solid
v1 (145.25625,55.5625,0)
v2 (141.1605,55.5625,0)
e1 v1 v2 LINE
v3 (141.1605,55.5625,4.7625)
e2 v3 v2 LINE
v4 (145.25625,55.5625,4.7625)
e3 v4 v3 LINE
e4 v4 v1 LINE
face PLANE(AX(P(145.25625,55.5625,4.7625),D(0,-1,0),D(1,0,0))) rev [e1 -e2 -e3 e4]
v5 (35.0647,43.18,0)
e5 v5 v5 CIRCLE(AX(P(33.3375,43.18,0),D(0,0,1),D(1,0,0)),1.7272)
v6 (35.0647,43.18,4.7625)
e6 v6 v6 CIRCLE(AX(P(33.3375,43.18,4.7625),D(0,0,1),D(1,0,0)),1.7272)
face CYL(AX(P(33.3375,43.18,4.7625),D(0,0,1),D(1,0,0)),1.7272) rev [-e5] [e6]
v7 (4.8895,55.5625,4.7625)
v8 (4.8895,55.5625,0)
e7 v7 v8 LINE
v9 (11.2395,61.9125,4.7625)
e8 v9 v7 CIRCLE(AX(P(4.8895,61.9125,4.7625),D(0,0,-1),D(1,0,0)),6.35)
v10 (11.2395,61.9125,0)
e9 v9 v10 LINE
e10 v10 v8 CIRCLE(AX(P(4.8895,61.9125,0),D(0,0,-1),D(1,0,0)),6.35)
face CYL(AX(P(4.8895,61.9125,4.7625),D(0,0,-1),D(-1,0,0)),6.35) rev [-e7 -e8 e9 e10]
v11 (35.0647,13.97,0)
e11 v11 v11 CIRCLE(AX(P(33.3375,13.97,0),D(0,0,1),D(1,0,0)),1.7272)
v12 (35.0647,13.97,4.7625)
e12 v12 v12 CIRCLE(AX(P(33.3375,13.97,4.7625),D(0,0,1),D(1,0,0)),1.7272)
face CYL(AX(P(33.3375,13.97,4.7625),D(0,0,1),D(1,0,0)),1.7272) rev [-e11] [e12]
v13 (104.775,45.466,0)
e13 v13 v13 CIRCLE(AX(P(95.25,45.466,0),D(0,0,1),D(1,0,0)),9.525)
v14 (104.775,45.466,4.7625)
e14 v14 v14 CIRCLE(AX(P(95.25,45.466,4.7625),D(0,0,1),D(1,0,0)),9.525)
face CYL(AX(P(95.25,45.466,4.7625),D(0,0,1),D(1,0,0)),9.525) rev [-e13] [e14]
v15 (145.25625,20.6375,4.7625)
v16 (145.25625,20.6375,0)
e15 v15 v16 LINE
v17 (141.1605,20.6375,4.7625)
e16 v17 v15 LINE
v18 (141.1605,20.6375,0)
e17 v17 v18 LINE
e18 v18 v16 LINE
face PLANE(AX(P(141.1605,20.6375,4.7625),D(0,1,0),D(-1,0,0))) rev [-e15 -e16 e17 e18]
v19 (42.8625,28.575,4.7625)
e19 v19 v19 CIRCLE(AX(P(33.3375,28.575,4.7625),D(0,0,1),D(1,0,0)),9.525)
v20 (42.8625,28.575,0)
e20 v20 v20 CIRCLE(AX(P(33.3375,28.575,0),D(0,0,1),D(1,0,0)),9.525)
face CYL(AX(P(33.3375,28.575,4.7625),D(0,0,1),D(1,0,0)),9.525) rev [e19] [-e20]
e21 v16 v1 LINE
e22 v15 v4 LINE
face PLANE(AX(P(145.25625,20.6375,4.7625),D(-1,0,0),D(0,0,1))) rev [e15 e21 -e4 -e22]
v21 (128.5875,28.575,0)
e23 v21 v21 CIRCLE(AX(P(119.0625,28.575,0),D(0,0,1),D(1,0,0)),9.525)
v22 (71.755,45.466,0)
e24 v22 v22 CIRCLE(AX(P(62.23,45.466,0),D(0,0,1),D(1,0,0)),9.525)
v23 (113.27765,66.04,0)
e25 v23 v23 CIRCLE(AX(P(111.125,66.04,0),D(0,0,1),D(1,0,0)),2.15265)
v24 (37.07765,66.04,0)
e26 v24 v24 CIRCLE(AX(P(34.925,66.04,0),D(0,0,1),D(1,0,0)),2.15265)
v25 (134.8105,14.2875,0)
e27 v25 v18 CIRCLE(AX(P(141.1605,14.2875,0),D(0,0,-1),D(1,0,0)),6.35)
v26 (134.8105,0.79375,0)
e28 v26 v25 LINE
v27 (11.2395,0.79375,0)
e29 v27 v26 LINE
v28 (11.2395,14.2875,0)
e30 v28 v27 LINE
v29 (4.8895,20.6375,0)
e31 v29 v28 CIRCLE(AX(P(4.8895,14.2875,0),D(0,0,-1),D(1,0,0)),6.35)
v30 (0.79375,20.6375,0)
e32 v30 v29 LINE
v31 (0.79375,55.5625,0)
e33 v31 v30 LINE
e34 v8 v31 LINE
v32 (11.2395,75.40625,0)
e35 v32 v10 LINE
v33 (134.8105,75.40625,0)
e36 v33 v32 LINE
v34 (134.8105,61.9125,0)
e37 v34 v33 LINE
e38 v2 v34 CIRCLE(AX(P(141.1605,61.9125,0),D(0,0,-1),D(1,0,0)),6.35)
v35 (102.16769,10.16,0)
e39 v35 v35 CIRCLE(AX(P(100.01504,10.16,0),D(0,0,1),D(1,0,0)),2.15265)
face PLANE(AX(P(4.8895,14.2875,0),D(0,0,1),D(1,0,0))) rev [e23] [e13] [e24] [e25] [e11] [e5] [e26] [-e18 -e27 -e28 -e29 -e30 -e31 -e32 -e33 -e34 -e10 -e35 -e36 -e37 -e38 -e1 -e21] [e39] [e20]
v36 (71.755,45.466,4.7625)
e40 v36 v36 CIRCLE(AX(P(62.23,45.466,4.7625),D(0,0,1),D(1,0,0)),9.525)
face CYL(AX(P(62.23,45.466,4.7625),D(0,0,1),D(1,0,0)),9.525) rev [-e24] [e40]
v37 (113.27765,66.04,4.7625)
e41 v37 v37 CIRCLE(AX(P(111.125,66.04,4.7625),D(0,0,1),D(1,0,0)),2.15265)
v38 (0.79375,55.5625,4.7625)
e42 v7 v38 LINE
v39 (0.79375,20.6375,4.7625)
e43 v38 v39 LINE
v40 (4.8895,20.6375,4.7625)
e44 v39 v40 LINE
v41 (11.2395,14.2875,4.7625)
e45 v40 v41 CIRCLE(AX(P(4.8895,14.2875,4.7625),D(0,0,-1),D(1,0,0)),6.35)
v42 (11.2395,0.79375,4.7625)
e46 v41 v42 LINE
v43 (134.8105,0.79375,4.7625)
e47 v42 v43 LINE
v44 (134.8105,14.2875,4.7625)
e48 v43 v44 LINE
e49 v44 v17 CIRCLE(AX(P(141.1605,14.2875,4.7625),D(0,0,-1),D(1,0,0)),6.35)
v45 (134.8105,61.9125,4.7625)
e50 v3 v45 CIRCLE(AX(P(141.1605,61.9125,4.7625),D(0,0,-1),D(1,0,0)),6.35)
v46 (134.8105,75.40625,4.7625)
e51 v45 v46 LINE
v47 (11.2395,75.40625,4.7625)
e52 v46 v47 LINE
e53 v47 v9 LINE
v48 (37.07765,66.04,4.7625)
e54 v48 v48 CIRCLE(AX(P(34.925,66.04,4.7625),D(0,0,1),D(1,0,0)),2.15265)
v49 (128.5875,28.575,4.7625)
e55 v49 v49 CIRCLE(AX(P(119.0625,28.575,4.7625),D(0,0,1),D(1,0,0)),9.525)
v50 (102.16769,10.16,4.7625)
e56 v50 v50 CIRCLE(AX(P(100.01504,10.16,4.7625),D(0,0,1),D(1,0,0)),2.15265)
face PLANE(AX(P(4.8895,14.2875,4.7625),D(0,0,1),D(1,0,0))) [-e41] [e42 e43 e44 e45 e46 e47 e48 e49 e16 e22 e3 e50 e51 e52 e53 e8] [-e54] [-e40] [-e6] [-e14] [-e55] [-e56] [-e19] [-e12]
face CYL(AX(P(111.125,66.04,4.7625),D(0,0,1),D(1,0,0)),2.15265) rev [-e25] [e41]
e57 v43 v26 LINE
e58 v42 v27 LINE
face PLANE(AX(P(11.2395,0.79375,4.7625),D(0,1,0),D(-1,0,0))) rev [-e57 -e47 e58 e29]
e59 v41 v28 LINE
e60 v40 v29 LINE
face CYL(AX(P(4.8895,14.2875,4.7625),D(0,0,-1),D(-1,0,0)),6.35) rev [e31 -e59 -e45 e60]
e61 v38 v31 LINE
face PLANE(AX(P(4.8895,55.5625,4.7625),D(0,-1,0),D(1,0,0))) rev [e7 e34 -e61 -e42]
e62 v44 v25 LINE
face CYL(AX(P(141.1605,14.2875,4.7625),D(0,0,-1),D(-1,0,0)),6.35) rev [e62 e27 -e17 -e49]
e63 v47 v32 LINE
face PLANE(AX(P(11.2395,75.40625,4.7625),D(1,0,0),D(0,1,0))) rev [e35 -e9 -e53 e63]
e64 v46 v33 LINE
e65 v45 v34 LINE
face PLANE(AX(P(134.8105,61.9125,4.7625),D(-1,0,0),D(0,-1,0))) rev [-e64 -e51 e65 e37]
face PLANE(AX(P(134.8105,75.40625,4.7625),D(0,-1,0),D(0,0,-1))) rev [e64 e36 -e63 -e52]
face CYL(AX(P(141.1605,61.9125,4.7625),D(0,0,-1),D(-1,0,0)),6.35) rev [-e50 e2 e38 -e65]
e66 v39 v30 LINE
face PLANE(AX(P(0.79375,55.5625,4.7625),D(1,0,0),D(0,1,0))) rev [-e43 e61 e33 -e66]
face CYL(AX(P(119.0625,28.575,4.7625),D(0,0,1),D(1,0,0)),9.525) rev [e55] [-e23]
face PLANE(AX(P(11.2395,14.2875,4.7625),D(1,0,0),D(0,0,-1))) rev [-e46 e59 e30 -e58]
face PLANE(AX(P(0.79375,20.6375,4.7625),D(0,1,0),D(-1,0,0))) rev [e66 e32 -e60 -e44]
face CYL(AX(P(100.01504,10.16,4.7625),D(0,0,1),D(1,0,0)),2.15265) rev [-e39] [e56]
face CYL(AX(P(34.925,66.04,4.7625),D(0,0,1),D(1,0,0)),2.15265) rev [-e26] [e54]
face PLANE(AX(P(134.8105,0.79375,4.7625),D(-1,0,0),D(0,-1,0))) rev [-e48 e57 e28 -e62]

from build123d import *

# Parameters (mm, degrees)
BOSS_EXTRUDE1_DEPTH         = 4.7625
F_4_CLEARANCE_HOLE1_D       = 3.4544
F_6_CLEARANCE_HOLE1_D       = 4.3053
F_3_4_0_75_DIAMETER_HOLE1_D = 19.05


with BuildPart() as part:
    # Sketch1 → Boss-Extrude1 (new body)
    with BuildSketch(Plane.XY):
        with BuildLine():
            Line((11.2395, 14.2875), (11.2395, 0.79375))
            Line((11.2395, 0.79375), (134.8105, 0.79375))
            Line((134.8105, 0.79375), (134.8105, 14.2875))
            ThreePointArc((134.8105, 14.2875), (136.670371939, 18.777628061), (141.1605, 20.6375))
            Line((141.1605, 20.6375), (145.25625, 20.6375))
            Line((145.25625, 20.6375), (145.25625, 55.5625))
            Line((145.25625, 55.5625), (141.1605, 55.5625))
            ThreePointArc((141.1605, 55.5625), (136.670371939, 57.422371939), (134.8105, 61.9125))
            Line((134.8105, 61.9125), (134.8105, 75.40625))
            Line((134.8105, 75.40625), (11.2395, 75.40625))
            Line((11.2395, 75.40625), (11.2395, 61.9125))
            ThreePointArc((11.2395, 61.9125), (9.379628061, 57.422371939), (4.8895, 55.5625))
            Line((4.8895, 55.5625), (0.79375, 55.5625))
            Line((0.79375, 55.5625), (0.79375, 20.6375))
            Line((0.79375, 20.6375), (4.8895, 20.6375))
            ThreePointArc((4.8895, 20.6375), (9.379628061, 18.777628061), (11.2395, 14.2875))
        make_face()
    extrude(amount=BOSS_EXTRUDE1_DEPTH)

    # #4 Clearance Hole1 (through all)
    with Locations(Plane.XY.offset(4.7625)):
        with Locations((33.3375, 43.18), (33.3375, 13.97)):
            Hole(F_4_CLEARANCE_HOLE1_D / 2)

    # #6 Clearance Hole1 (through all)
    with Locations(Plane.XY.offset(4.7625)):
        with Locations((34.925, 66.04), (111.125, 66.04), (100.01504, 10.16)):
            Hole(F_6_CLEARANCE_HOLE1_D / 2)

    # 3/4 (0.75) Diameter Hole1 (through all)
    with Locations(Plane.XY.offset(4.7625)):
        with Locations((119.0625, 28.575), (95.25, 45.466), (62.23, 45.466), (33.3375, 28.575)):
            Hole(F_3_4_0_75_DIAMETER_HOLE1_D / 2)


solid = part.part
